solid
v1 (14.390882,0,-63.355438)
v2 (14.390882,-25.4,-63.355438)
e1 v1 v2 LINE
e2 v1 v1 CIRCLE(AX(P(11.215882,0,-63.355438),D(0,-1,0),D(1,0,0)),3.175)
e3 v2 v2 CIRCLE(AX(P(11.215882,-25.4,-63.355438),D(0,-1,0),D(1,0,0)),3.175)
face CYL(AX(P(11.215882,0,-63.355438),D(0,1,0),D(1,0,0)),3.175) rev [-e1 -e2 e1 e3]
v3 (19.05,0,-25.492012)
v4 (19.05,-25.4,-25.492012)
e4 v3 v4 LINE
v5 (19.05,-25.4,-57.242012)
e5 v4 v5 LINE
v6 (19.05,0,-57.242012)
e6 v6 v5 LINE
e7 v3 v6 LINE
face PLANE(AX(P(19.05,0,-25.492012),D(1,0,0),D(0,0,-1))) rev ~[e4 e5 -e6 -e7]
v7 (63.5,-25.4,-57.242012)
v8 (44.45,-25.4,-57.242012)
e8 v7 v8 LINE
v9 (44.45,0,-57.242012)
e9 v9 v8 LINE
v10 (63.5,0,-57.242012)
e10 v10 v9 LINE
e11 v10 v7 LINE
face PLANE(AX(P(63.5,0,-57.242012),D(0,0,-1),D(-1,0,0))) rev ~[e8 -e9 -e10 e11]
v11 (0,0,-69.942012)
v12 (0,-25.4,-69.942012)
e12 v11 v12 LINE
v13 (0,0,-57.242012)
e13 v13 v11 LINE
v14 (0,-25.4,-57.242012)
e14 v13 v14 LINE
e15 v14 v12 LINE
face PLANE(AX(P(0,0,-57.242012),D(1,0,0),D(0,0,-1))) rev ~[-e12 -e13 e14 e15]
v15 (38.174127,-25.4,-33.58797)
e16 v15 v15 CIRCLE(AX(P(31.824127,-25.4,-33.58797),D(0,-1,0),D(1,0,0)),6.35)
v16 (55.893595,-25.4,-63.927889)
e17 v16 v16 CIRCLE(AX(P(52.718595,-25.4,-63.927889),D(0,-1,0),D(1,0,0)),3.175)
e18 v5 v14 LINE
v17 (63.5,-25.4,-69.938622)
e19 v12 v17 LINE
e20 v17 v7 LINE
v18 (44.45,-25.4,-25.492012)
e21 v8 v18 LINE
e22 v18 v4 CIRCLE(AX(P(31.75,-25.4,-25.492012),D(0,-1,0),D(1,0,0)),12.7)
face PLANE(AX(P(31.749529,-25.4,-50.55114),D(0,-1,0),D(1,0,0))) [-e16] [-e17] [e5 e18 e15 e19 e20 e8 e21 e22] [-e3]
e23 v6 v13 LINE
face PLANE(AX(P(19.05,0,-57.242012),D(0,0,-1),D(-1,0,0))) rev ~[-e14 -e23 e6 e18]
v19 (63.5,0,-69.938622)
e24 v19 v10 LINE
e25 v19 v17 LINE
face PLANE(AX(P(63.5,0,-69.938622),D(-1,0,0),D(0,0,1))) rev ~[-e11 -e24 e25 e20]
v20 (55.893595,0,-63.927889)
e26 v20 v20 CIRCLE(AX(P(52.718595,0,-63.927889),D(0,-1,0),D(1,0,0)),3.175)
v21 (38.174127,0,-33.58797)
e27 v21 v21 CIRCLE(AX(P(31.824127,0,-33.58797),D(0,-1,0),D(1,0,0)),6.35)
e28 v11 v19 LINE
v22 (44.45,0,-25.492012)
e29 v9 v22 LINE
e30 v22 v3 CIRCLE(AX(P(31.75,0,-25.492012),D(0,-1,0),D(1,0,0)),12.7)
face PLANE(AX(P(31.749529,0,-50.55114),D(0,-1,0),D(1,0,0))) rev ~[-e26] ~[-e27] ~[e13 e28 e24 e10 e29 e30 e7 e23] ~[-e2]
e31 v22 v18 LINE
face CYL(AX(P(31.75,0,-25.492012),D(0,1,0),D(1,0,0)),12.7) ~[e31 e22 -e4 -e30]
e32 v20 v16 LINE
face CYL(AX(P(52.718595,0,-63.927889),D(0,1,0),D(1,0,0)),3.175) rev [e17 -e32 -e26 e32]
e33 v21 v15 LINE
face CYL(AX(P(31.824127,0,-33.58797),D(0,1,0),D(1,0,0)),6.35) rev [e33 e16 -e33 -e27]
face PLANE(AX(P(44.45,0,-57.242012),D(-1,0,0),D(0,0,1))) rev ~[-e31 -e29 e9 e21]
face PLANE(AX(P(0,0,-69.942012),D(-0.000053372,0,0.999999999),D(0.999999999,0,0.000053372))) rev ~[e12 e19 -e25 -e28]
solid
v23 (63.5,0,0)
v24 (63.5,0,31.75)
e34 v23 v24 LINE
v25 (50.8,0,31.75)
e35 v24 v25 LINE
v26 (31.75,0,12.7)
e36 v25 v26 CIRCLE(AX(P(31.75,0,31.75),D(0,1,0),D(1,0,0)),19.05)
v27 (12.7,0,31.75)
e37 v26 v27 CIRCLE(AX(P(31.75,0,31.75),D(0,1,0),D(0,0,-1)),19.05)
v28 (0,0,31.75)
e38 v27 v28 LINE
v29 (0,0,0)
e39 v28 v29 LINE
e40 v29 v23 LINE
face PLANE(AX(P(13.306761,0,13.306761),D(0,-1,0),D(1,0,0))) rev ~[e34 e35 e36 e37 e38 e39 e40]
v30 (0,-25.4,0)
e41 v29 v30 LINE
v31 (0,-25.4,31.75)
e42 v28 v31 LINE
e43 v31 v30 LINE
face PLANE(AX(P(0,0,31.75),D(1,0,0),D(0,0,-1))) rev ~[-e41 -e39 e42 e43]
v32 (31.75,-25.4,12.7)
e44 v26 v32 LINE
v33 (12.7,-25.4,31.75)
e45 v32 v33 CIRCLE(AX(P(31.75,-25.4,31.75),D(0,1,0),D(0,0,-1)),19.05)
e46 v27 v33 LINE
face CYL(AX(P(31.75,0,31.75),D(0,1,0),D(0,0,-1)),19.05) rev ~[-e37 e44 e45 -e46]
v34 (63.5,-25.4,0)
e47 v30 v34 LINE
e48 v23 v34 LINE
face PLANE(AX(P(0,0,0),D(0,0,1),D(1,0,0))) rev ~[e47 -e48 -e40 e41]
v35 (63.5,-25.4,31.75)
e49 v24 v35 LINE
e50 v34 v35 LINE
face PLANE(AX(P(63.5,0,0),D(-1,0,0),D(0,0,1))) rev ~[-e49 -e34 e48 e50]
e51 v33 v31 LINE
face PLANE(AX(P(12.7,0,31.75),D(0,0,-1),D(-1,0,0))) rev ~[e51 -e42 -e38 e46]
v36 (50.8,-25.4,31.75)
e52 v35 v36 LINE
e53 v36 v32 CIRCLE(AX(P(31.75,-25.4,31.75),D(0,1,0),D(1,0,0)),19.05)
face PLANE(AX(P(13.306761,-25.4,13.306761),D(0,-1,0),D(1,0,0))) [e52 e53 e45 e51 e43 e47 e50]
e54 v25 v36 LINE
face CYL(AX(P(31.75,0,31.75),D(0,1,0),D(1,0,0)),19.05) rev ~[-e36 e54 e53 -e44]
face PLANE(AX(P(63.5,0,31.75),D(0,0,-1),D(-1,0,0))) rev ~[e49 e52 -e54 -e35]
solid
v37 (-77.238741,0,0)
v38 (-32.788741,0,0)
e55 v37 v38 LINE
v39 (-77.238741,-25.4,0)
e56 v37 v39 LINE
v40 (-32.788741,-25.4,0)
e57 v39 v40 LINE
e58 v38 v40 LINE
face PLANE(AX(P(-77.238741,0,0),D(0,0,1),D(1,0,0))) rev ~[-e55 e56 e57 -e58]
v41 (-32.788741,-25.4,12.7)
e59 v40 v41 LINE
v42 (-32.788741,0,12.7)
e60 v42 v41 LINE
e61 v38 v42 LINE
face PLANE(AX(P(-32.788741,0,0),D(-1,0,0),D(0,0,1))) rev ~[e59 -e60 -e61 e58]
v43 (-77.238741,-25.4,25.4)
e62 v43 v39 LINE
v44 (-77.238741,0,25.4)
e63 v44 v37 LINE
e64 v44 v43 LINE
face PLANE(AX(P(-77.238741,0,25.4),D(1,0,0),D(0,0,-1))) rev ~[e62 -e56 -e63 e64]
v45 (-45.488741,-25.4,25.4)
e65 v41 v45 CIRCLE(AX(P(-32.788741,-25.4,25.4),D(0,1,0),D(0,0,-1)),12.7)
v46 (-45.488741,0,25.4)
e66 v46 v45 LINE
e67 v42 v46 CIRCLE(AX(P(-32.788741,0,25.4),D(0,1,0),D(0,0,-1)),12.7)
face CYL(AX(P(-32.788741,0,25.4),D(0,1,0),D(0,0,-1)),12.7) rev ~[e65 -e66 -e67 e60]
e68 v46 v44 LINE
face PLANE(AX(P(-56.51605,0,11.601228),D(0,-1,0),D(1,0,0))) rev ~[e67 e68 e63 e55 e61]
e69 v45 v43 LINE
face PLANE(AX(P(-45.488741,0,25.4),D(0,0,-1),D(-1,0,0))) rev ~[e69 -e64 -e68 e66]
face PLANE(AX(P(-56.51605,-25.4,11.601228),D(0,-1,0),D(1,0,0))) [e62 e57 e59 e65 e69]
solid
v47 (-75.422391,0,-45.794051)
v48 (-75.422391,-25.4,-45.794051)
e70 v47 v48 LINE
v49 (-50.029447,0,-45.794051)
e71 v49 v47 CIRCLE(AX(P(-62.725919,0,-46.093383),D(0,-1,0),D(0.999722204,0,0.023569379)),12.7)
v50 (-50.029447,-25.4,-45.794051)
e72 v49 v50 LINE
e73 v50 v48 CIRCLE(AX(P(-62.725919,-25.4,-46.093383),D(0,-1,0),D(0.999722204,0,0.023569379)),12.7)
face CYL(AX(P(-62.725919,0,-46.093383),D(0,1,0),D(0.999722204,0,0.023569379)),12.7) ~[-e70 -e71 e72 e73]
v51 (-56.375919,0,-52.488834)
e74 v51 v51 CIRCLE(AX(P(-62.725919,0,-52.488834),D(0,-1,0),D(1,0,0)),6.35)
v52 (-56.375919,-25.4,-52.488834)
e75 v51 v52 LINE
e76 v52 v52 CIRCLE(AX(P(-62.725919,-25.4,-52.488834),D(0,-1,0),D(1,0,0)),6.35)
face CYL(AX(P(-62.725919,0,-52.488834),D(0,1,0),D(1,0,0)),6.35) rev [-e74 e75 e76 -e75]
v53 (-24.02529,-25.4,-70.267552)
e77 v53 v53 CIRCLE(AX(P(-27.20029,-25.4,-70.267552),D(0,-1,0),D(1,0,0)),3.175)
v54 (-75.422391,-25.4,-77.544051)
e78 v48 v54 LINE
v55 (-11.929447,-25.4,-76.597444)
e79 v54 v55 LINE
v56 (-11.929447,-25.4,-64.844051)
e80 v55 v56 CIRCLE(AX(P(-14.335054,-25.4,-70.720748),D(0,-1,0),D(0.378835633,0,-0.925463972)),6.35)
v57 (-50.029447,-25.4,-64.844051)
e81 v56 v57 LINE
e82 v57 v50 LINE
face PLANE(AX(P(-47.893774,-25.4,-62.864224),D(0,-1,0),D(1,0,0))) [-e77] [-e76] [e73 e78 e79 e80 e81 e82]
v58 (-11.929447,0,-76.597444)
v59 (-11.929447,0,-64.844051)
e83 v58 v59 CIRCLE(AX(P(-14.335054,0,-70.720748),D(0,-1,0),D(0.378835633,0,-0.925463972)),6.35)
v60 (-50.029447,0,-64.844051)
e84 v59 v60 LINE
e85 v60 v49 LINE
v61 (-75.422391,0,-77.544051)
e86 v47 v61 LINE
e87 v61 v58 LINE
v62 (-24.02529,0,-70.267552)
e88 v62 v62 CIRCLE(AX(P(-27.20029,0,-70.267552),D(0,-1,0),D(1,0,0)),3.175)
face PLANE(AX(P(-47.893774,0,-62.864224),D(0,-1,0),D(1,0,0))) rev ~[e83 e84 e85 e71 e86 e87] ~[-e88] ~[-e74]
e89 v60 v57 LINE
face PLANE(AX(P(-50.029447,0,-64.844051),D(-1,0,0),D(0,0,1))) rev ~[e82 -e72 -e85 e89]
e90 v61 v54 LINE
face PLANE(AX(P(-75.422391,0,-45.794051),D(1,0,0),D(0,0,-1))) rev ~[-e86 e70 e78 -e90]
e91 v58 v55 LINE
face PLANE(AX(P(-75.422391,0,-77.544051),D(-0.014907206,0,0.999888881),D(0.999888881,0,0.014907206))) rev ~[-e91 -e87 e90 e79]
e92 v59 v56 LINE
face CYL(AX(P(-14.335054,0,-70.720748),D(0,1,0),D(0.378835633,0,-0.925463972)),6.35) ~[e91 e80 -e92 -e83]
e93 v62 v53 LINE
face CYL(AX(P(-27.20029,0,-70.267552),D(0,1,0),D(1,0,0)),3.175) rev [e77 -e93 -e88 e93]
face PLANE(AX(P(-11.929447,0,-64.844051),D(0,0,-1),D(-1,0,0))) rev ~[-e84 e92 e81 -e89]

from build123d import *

# Parameters (mm, degrees)
F1_DEPTH = 25.4
F2_DEPTH = 25.4
F4_DEPTH = 25.4
F5_R     = 3.175
F5_R_2   = 6.35
F6_DEPTH = 25.4
F7_R     = 3.175
F7_R_2   = 6.35
F8_DEPTH = 25.4
F9_DEPTH = 25.4


with BuildPart() as f1:
    # F0 (on Front) → F1 (new body)
    with BuildSketch(Plane.XZ):
        with BuildLine():
            Line((12.7, 31.75), (0, 31.75))
            Line((0, 31.75), (0, 0))
            Line((0, 0), (31.75, 0))
            Line((31.75, 0), (31.75, 12.7))
            ThreePointArc((31.75, 12.7), (18.2796158184, 18.2796158184), (12.7, 31.75))
        make_face()
        with BuildLine():
            Line((31.75, 12.7), (31.75, 0))
            Line((31.75, 0), (63.5, 0))
            Line((63.5, 0), (63.5, 31.75))
            Line((63.5, 31.75), (50.8, 31.75))
            ThreePointArc((50.8, 31.75), (45.2203841816, 18.2796158184), (31.75, 12.7))
        make_face()
    extrude(amount=F1_DEPTH)

    # F0 (on Front) → F2 (join)
    with BuildSketch(Plane.XZ):
        with BuildLine():
            Line((12.7, 31.75), (0, 31.75))
            Line((0, 31.75), (0, 0))
            Line((0, 0), (31.75, 0))
            Line((31.75, 0), (31.75, 12.7))
            ThreePointArc((31.75, 12.7), (18.2796158184, 18.2796158184), (12.7, 31.75))
        make_face()
        with BuildLine():
            Line((31.75, 12.7), (31.75, 0))
            Line((31.75, 0), (63.5, 0))
            Line((63.5, 0), (63.5, 31.75))
            Line((63.5, 31.75), (50.8, 31.75))
            ThreePointArc((50.8, 31.75), (45.2203841816, 18.2796158184), (31.75, 12.7))
        make_face()
    extrude(amount=F2_DEPTH)


with BuildPart() as f4:
    # F3 (on Front) → F4 (new body)
    with BuildSketch(Plane.XZ):
        with BuildLine():
            Line((-77.2387412882, 25.4), (-77.2387412882, 0))
            Line((-77.2387412882, 0), (-32.7887412882, 0))
            Line((-32.7887412882, 0), (-32.7887412882, 12.7))
            ThreePointArc((-32.7887412882, 12.7), (-41.7689974093, 16.4197438789), (-45.4887412882, 25.4))
            Line((-45.4887412882, 25.4), (-77.2387412882, 25.4))
        make_face()
    extrude(amount=F4_DEPTH)


with BuildPart() as f6:
    # F5 (on Front) → F6 (new body)
    with BuildSketch(Plane.XZ):
        with BuildLine():
            Line((-75.4223912954, -45.7940514279), (-75.4223912954, -77.5440514279))
            Line((-75.4223912954, -77.5440514279), (-11.9294473242, -76.5974438719))
            ThreePointArc((-11.9294473242, -76.5974438719), (-7.9850535917, -70.7207476499), (-11.9294473242, -64.8440514279))
            Line((-11.9294473242, -64.8440514279), (-50.0294473242, -64.8440514279))
            Line((-50.0294473242, -64.8440514279), (-50.0294473242, -45.7940514279))
            ThreePointArc((-50.0294473242, -45.7940514279), (-62.7259193098, -33.3933825462), (-75.4223912954, -45.7940514279))
        make_face()
        with Locations((-27.2002895612, -70.2675515921)):
            Circle(F5_R, mode=Mode.SUBTRACT)
        with Locations((-62.7259193098, -52.4888336658)):
            Circle(F5_R_2, mode=Mode.SUBTRACT)
    extrude(amount=F6_DEPTH)


with BuildPart() as f8:
    # F7 (on Front) → F8 (new body)
    with BuildSketch(Plane.XZ):
        with BuildLine():
            Line((0, -57.2420115179), (0, -69.9420115179))
            Line((0, -69.9420115179), (63.5, -69.9386224151))
            Line((63.5, -69.9386224151), (63.5, -57.2420115179))
            Line((63.5, -57.2420115179), (44.45, -57.2420115179))
            Line((44.45, -57.2420115179), (44.45, -25.4920115179))
            ThreePointArc((44.45, -25.4920115179), (31.75, -12.7920115179), (19.05, -25.4920115179))
            Line((19.05, -25.4920115179), (19.05, -57.2420115179))
            Line((19.05, -57.2420115179), (0, -57.2420115179))
        make_face()
        with Locations((11.2158823758, -63.3554384112)):
            Circle(F7_R, mode=Mode.SUBTRACT)
        with Locations((52.7185946703, -63.9278888702)):
            Circle(F7_R, mode=Mode.SUBTRACT)
        with Locations((31.8241268396, -33.5879698396)):
            Circle(F7_R_2, mode=Mode.SUBTRACT)
    extrude(amount=F8_DEPTH)

    # F7 (on Front) → F9 (join)
    with BuildSketch(Plane.XZ):
        with BuildLine():
            Line((0, -57.2420115179), (0, -69.9420115179))
            Line((0, -69.9420115179), (63.5, -69.9386224151))
            Line((63.5, -69.9386224151), (63.5, -57.2420115179))
            Line((63.5, -57.2420115179), (44.45, -57.2420115179))
            Line((44.45, -57.2420115179), (44.45, -25.4920115179))
            ThreePointArc((44.45, -25.4920115179), (31.75, -12.7920115179), (19.05, -25.4920115179))
            Line((19.05, -25.4920115179), (19.05, -57.2420115179))
            Line((19.05, -57.2420115179), (0, -57.2420115179))
        make_face()
        with Locations((11.2158823758, -63.3554384112)):
            Circle(F7_R, mode=Mode.SUBTRACT)
        with Locations((52.7185946703, -63.9278888702)):
            Circle(F7_R, mode=Mode.SUBTRACT)
        with Locations((31.8241268396, -33.5879698396)):
            Circle(F7_R_2, mode=Mode.SUBTRACT)
    extrude(amount=F9_DEPTH)


solid = Compound([f1.part, f4.part, f6.part, f8.part])
